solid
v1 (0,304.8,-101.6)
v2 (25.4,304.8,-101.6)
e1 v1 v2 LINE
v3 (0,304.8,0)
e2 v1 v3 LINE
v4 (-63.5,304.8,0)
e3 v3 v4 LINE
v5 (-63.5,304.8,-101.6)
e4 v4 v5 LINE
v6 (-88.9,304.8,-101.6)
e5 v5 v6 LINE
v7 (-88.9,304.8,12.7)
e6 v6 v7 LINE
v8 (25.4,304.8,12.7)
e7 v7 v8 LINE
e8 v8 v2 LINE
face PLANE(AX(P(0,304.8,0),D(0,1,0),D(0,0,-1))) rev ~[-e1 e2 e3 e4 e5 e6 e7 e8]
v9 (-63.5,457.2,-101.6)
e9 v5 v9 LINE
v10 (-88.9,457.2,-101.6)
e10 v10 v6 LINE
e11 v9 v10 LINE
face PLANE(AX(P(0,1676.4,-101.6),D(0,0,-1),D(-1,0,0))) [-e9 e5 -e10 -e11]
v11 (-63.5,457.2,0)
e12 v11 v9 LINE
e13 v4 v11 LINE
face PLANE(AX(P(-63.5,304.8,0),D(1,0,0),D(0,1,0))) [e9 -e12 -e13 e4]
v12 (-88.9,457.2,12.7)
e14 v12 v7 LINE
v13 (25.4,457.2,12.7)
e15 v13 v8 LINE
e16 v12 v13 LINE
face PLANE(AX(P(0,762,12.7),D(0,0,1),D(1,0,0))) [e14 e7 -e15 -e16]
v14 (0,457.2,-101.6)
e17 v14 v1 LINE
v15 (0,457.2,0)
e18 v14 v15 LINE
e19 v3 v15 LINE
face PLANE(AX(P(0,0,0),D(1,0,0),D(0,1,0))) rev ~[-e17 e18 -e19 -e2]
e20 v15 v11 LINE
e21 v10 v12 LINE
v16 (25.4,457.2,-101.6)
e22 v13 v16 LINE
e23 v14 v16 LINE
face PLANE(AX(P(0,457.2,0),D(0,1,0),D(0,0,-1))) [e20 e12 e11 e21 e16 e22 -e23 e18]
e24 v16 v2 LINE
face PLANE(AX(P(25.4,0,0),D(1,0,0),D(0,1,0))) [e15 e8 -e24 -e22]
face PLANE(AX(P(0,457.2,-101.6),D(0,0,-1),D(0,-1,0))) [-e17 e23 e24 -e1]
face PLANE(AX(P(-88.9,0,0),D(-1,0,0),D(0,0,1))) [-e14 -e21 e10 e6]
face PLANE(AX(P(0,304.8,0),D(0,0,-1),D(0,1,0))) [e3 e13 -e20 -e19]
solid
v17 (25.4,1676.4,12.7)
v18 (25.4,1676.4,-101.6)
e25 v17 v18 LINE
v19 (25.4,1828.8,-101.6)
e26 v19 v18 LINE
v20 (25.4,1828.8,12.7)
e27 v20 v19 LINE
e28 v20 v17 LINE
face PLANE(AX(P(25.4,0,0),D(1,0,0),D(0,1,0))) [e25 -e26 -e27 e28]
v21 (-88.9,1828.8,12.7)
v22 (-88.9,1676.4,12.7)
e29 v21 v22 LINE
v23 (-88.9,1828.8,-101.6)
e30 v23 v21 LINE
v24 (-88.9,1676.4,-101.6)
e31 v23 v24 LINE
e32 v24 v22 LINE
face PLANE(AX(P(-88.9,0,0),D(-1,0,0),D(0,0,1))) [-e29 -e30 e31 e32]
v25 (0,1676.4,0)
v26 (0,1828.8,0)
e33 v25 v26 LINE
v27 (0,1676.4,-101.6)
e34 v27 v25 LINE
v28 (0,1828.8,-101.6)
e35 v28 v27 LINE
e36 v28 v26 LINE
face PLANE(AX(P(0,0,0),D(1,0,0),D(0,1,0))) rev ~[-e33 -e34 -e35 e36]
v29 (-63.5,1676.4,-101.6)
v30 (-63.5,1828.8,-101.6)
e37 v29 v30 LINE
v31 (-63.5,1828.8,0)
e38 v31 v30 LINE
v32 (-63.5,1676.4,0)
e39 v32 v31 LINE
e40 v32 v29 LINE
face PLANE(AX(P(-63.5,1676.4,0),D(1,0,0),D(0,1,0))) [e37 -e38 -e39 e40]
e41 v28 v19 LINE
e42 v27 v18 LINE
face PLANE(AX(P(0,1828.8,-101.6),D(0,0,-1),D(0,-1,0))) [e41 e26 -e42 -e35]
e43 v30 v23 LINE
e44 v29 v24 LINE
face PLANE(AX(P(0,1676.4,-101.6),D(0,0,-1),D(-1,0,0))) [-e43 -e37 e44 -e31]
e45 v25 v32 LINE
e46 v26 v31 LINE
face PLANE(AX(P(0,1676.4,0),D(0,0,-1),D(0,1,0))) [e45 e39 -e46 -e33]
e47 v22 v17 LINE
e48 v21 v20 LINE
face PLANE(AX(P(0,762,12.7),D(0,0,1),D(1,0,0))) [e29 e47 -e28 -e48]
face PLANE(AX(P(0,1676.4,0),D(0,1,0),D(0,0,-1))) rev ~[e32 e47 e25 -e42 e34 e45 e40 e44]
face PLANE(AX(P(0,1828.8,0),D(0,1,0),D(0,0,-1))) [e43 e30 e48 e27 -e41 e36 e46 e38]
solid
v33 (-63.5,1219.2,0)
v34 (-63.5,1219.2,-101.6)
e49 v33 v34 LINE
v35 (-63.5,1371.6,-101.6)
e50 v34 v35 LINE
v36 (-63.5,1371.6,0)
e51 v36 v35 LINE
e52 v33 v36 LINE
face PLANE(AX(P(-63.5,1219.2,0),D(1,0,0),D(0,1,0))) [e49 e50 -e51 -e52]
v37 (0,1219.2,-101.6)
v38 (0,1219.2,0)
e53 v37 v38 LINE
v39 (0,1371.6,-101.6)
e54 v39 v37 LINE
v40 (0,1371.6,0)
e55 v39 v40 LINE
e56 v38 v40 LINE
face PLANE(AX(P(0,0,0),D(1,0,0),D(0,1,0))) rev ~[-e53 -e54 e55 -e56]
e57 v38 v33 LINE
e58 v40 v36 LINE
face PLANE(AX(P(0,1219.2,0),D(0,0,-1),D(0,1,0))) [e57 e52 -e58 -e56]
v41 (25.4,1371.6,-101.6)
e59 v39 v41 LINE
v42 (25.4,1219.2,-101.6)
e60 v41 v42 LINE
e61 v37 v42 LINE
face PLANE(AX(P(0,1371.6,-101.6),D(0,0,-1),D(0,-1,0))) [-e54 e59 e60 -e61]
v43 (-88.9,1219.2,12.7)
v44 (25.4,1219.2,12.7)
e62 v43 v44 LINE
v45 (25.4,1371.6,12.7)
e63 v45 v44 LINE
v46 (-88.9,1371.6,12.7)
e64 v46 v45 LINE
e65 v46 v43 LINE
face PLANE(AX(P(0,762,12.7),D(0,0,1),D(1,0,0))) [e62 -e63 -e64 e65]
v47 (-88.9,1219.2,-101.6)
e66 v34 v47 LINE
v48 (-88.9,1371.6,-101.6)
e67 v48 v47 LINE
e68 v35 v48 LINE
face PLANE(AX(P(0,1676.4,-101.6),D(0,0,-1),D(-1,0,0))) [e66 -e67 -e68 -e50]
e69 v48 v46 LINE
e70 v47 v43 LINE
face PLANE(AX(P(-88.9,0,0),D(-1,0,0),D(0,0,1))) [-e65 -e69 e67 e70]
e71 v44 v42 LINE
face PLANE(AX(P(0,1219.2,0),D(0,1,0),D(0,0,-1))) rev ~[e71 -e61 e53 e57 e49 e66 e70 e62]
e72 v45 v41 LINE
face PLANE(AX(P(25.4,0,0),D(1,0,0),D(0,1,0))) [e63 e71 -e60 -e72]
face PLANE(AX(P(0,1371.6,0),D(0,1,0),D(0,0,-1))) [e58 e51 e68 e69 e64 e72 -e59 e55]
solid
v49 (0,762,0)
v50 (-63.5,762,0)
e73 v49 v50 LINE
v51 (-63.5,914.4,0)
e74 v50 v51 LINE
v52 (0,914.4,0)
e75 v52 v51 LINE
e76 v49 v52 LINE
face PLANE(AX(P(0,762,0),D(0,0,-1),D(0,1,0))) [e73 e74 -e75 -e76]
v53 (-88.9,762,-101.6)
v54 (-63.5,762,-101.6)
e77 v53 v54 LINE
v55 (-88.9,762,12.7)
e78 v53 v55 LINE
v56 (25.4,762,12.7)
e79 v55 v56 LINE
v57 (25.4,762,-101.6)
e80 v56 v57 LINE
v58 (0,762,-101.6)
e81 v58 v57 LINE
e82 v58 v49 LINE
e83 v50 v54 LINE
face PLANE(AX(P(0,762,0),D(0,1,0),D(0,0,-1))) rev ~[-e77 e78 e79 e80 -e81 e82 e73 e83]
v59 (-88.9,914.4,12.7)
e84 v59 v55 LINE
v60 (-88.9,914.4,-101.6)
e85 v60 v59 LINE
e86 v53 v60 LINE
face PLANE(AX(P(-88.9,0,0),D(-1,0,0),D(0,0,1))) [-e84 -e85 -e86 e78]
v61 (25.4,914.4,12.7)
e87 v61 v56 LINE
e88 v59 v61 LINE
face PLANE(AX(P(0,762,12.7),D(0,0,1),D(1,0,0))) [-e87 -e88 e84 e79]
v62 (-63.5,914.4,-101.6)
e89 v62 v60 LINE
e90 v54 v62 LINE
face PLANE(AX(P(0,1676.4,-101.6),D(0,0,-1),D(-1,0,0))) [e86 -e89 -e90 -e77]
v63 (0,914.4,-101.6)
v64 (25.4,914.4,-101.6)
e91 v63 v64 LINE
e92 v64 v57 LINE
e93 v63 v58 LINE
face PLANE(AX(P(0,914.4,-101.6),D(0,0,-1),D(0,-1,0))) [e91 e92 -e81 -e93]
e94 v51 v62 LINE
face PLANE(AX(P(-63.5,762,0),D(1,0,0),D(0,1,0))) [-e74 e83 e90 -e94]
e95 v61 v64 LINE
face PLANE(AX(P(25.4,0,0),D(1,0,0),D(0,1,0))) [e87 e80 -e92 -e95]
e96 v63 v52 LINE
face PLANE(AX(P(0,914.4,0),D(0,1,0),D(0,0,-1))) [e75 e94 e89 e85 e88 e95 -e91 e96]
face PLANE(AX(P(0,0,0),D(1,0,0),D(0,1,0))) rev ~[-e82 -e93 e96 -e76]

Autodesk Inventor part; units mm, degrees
sketch "Sketch2" plane through (0, 0, 0) normal (1, 0, 0) x (0, 1, 0)
  line L0 (0, 0) -> (0, -1828.8)
  line L1 (0, 0) -> (2133.6, 0)
  line L2 (2133.6, 0) -> (0, -1828.8)
  line L3 (0, 0) -> (152.4, 0)
  line L4 (152.4, 0) -> (685.8, 0)
  line L5 (2133.6, 0) -> (1981.2, 0)
  line L6 (1981.2, 0) -> (1854.2, 0)
  line L7 (1854.2, 0) -> (1549.4, 0)
  line L8 (1549.4, 0) -> (1422.4, 0)
  line L9 (1422.4, 0) -> (1117.6, 0)
  line L10 (1117.6, 0) -> (990.6, 0)
  line L11 (990.6, 0) -> (685.8, 0)
  line L12 (685.8, 0) -> (558.8, 0)
  line L13 (558.8, 0) -> (254, 0)
  line L14 (0, 0) -> (304.8, 0)
  line L15 (304.8, 0) -> (457.2, 0)
  line L16 (457.2, 0) -> (762, 0)
  line L17 (762, 0) -> (914.4, 0)
  line L18 (914.4, 0) -> (1219.2, 0)
  line L19 (1219.2, 0) -> (1371.6, 0)
  line L20 (1371.6, 0) -> (1676.4, 0)
  line L21 (1676.4, 0) -> (1828.8, 0)
  line L22 (304.8, 0) -> (304.8, -101.6)
  line L23 (457.2, 0) -> (457.2, -101.6)
  line L24 (762, 0) -> (762, -101.6)
  line L25 (914.4, 0) -> (914.4, -101.6)
  line L26 (1219.2, 0) -> (1219.2, -101.6)
  line L27 (1371.6, 0) -> (1371.6, -101.6)
  line L28 (1676.4, 0) -> (1676.4, -101.6)
  line L29 (1828.8, 0) -> (1828.8, -101.6)
  line L30 (1828.8, -101.6) -> (1676.4, -101.6)
  line L31 (1371.6, -101.6) -> (1219.2, -101.6)
  line L32 (914.4, -101.6) -> (762, -101.6)
  line L33 (457.2, -101.6) -> (304.8, -101.6)
  point P0 (304.8, -1567.5429)
  point P1 (457.2, -1436.9143)
  point P2 (762, -1175.6571)
  point P3 (914.4, -1045.0286)
  point P4 (1219.2, -783.7714)
  point P5 (1371.6, -653.1429)
  point P6 (1676.4, -391.8857)
  point P7 (1828.8, -261.2571)
  dimension "d1" = 1828.8
  dimension "d3" = 152.4
  dimension "d5" = 152.4
  dimension "d14" = 304.8
  dimension "d15" = 152.4
  dimension "d16" = 304.8
  dimension "d17" = 152.4
  dimension "d18" = 304.8
  dimension "d19" = 152.4
  dimension "d20" = 304.8
  dimension "d21" = 152.4
  dimension "d24" = 2133.6
  dimension "d27" = 101.6
  dimension "d28" = 101.6
  dimension "d29" = 101.6
extrude "Extrusion1" add sketch "Sketch2" along normal blind 25.4 contours L1 L23 L33 L22 | L29 L30 L28 L1 | L1 L25 L32 L24 | L27 L31 L26 L1
ref_plane "Work Plane3" through (12.7, 914.4, 0) normal (0, 0, 1) x (1, 0, 0)
sketch "Sketch5" plane through (0, 762, 0) normal (0, 0, 1) x (1, 0, 0)
  line L0 (25.4, -304.8) -> (25.4, -457.2) projected
  line L1 (0, -304.8) -> (25.4, -304.8) projected
  line L2 (25.4, -457.2) -> (0, -457.2)
  line L3 (0, -457.2) -> (0, -304.8)
  line L4 (0, -304.8) -> (25.4, -304.8)
  line L5 (25.4, -304.8) -> (25.4, -457.2)
  line L6 (25.4, 152.4) -> (25.4, 0) projected
  line L7 (0, 152.4) -> (25.4, 152.4) projected
  line L8 (25.4, 0) -> (0, 0)
  line L9 (0, 0) -> (0, 152.4)
  line L10 (0, 152.4) -> (25.4, 152.4)
  line L11 (25.4, 152.4) -> (25.4, 0)
  line L12 (25.4, 609.6) -> (25.4, 457.2) projected
  line L13 (0, 609.6) -> (0, 457.2) projected
  line L14 (25.4, 457.2) -> (0, 457.2)
  line L15 (0, 457.2) -> (0, 609.6)
  line L16 (0, 609.6) -> (25.4, 609.6)
  line L17 (25.4, 609.6) -> (25.4, 457.2)
  line L18 (25.4, 1066.8) -> (25.4, 914.4) projected
  line L19 (0, 1066.8) -> (0, 914.4) projected
  line L20 (25.4, 914.4) -> (0, 914.4)
  line L21 (0, 914.4) -> (0, 1066.8)
  line L22 (0, 1066.8) -> (25.4, 1066.8)
  line L23 (25.4, 1066.8) -> (25.4, 914.4)
  point P0 (0, -762)
extrude "Extrusion3" add sketch "Sketch5" along normal blind 12.7
ref_plane "Work Plane5" through (0, 0, 0) normal (-1, 0, 0) x (0, 0, 1)
ref_plane "Work Plane4" through (12.7, 0, 0) normal (-1, 0, 0) x (0, 0, 1)
sketch "Sketch6" plane through (0, 0, 0) normal (-1, 0, 0) x (0, 0, 1)
  line L0 (-101.6, 304.8) -> (12.7, 304.8) projected
  line L1 (-101.6, 457.2) -> (12.7, 457.2) projected
  line L2 (12.7, 304.8) -> (0, 304.8)
  line L3 (0, 304.8) -> (0, 457.2)
  line L4 (0, 457.2) -> (12.7, 457.2)
  line L5 (12.7, 457.2) -> (12.7, 304.8)
  line L6 (-101.6, 762) -> (12.7, 762) projected
  line L7 (-101.6, 914.4) -> (12.7, 914.4) projected
  line L8 (12.7, 762) -> (0, 762)
  line L9 (0, 762) -> (0, 914.4)
  line L10 (0, 914.4) -> (12.7, 914.4)
  line L11 (12.7, 914.4) -> (12.7, 762)
  line L12 (12.7, 1371.6) -> (12.7, 1219.2) projected
  line L13 (12.7, 1219.2) -> (0, 1219.2)
  line L14 (0, 1219.2) -> (0, 1371.6)
  line L15 (0, 1371.6) -> (12.7, 1371.6)
  line L16 (12.7, 1371.6) -> (12.7, 1219.2)
  line L17 (-101.6, 1676.4) -> (12.7, 1676.4) projected
  line L18 (-101.6, 1828.8) -> (12.7, 1828.8) projected
  line L19 (12.7, 1676.4) -> (0, 1676.4)
  line L20 (0, 1676.4) -> (0, 1828.8)
  line L21 (0, 1828.8) -> (12.7, 1828.8)
  line L22 (12.7, 1828.8) -> (12.7, 1676.4)
  point P0 (0, 0)
  point P1 (0, 304.8)
  dimension "d33" = 12.7
extrude "Extrusion4" add sketch "Sketch6" along normal blind 88.9
ref_plane "Work Plane6" through (-44.45, 304.8, 0) normal (0, 0, -1) x (-1, 0, 0)
sketch "Sketch7" plane through (0, 1676.4, 0) normal (0, 0, -1) x (-1, 0, 0)
  line L0 (-25.4, -1371.6) -> (88.9, -1371.6) projected
  line L1 (-25.4, -1219.2) -> (88.9, -1219.2) projected
  line L2 (88.9, -1371.6) -> (63.5, -1371.6)
  line L3 (63.5, -1371.6) -> (63.5, -1219.2)
  line L4 (63.5, -1219.2) -> (88.9, -1219.2)
  line L5 (88.9, -1219.2) -> (88.9, -1371.6)
  line L6 (88.9, -914.4) -> (88.9, -762) projected
  line L7 (-25.4, -762) -> (88.9, -762) projected
  line L8 (88.9, -914.4) -> (63.5, -914.4)
  line L9 (63.5, -914.4) -> (63.5, -762)
  line L10 (63.5, -762) -> (88.9, -762)
  line L11 (88.9, -762) -> (88.9, -914.4)
  line L12 (-25.4, -457.2) -> (88.9, -457.2) projected
  line L13 (-25.4, -304.8) -> (88.9, -304.8) projected
  line L14 (88.9, -457.2) -> (63.5, -457.2)
  line L15 (63.5, -457.2) -> (63.5, -304.8)
  line L16 (63.5, -304.8) -> (88.9, -304.8)
  line L17 (88.9, -304.8) -> (88.9, -457.2)
  line L18 (-25.4, 0) -> (88.9, 0) projected
  line L19 (-25.4, 152.4) -> (88.9, 152.4) projected
  line L20 (88.9, 0) -> (63.5, 0)
  line L21 (63.5, 0) -> (63.5, 152.4)
  line L22 (63.5, 152.4) -> (88.9, 152.4)
  line L23 (88.9, 152.4) -> (88.9, 0)
  point P0 (0, -1676.4)
  dimension "d36" = 25.4
extrude "Extrusion5" add sketch "Sketch7" along normal blind 101.6
properties part number "BlueLights-ver-1-1111-2021"
